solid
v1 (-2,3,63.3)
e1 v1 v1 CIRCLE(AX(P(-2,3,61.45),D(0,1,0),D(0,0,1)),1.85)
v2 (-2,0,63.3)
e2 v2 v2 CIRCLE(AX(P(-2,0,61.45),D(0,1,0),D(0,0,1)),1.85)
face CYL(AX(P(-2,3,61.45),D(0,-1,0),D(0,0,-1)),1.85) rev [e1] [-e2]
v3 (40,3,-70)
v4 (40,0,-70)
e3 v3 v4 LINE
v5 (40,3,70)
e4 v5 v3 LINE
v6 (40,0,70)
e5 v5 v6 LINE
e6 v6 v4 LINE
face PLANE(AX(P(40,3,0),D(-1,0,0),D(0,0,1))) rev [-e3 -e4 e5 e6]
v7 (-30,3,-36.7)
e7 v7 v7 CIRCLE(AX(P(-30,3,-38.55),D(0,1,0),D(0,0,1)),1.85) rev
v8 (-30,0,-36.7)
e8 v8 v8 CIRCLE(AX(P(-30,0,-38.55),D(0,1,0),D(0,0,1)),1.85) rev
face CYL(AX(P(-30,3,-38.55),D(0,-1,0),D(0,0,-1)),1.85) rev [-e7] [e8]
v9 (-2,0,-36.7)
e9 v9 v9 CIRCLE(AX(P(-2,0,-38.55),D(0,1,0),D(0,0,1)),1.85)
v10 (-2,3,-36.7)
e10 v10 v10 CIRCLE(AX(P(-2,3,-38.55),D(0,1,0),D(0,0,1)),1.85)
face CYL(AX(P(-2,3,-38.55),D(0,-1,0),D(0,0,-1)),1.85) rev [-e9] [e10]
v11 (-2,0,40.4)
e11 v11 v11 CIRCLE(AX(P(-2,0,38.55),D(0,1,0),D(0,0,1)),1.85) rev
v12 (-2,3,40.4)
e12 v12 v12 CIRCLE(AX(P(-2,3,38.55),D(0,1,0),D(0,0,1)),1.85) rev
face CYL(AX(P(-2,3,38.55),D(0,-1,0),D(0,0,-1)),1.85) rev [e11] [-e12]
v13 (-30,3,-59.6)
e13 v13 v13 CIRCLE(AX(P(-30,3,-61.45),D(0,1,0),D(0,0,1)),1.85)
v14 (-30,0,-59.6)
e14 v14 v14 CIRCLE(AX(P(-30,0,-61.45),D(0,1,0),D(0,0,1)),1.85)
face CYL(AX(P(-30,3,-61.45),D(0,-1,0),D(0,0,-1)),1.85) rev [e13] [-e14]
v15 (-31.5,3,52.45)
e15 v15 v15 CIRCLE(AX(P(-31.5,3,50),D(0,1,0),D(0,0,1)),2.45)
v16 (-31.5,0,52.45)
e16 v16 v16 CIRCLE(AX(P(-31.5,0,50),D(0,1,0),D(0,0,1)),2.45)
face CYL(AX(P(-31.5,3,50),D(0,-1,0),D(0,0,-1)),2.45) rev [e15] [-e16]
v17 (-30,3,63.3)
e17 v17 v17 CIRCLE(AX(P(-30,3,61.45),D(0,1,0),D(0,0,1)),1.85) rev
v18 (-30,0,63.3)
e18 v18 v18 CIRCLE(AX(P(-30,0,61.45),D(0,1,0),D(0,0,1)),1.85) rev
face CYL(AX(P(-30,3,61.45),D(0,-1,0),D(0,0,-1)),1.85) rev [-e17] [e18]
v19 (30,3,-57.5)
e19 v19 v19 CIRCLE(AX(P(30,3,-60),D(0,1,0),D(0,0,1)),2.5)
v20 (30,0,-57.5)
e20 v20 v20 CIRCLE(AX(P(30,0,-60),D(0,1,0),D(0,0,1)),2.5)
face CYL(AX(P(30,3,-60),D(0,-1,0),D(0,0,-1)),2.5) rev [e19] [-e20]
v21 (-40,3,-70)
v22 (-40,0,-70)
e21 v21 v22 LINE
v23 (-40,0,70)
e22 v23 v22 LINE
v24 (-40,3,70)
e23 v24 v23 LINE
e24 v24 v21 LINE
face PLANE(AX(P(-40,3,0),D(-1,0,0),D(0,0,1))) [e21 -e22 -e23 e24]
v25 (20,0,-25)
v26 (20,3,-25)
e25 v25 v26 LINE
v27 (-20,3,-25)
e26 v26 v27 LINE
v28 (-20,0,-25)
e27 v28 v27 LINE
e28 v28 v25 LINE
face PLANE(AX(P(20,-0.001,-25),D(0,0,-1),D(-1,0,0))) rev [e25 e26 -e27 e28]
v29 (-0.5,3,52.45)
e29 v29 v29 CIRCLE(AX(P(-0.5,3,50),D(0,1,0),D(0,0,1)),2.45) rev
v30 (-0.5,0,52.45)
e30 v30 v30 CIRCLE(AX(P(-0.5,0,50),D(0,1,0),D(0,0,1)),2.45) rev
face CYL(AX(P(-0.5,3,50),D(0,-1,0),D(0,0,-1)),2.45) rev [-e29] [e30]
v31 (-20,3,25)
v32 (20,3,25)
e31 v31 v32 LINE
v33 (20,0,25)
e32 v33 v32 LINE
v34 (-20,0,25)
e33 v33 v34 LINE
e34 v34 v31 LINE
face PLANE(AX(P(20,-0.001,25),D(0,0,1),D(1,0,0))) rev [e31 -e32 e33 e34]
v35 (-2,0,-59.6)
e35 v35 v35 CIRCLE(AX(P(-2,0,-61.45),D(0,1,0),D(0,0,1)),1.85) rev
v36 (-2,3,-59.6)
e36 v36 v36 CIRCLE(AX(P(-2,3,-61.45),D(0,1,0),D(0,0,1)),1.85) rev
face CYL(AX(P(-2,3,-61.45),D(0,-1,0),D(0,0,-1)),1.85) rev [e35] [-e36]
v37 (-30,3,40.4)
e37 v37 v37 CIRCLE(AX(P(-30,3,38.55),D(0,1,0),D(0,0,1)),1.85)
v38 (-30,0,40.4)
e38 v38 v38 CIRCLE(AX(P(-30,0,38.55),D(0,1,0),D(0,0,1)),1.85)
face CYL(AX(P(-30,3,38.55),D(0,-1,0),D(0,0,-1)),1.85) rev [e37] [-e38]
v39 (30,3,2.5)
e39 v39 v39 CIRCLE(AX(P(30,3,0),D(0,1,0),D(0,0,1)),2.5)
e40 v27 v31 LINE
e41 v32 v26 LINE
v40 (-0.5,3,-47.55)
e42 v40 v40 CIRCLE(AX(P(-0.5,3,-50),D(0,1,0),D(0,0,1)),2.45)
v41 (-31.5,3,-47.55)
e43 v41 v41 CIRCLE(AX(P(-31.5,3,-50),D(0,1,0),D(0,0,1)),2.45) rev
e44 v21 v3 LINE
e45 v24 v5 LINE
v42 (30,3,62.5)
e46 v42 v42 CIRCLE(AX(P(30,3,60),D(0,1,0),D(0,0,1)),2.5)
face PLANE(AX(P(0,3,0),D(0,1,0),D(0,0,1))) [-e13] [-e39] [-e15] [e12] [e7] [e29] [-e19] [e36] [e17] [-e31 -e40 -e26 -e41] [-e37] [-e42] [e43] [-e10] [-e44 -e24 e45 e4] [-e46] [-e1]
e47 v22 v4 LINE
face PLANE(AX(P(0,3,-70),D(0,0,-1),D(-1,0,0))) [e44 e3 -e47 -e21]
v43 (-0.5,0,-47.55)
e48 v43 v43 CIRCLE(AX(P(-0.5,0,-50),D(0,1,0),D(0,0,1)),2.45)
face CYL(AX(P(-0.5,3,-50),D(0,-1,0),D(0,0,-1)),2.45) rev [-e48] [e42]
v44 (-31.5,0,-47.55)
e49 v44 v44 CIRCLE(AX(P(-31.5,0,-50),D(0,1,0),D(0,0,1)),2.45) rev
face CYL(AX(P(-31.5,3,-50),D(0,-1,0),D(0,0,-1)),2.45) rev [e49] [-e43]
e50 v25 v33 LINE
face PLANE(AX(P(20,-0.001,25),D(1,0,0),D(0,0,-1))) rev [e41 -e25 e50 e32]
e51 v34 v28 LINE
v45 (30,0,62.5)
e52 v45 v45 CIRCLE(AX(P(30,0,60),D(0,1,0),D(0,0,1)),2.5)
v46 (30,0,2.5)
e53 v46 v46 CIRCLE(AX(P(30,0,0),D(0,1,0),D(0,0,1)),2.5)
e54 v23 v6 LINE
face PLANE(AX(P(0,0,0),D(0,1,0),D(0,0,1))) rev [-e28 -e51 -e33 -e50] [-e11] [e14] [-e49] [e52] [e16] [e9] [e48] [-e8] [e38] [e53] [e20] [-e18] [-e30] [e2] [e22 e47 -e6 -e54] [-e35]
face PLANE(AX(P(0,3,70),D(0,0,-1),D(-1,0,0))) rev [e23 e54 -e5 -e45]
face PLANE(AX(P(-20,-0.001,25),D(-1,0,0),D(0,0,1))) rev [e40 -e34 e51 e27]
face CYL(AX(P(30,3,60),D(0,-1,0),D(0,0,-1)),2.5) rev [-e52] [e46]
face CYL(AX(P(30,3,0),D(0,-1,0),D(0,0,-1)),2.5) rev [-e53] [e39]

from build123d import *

# Parameters (mm, degrees)
SKETCH_1_R          = 2.5
SKETCH_1_R_2        = 2.45
SKETCH_1_R_3        = 1.85
SKETCH_1_W          = 48
SKETCH_1_H          = 40
EXTRUDE_1_DEPTH     = 3
CUT_EXTRUDE_1_REACH = 82.678
SKETCH_2_W          = 40
SKETCH_2_H          = 50


with BuildPart() as part:
    # 草图1 → 凸台-拉伸1 (new body)
    # profile 1 of 5: a face of its own
    with BuildSketch(Plane(origin=(0, 0, 0), x_dir=(1, 0, 0), z_dir=(0, 1, 0))):
        with BuildLine():
            Line((8, -30), (8, -70))
            Line((8, -70), (40, -70))
            Line((40, -70), (40, 60))
            Line((40, 60), (32.5, 60))
            ThreePointArc((32.5, 60), (28.232233047, 58.232233047), (30, 62.5))
            Line((30, 62.5), (30, 70))
            Line((30, 70), (8, 70))
            Line((8, 70), (8, 30))
            Line((8, 30), (-40, 30))
            Line((-40, 30), (-40, -30))
            Line((-40, -30), (8, -30))
        make_face()
        with Locations(Location((30, -60, 0), (0, 0, 270))):
            Circle(SKETCH_1_R, mode=Mode.SUBTRACT)
        with Locations(Location((30, 0, 0), (0, 0, 270))):
            Circle(SKETCH_1_R, mode=Mode.SUBTRACT)
    # profile 2 of 5: a face of its own
    with BuildSketch(Plane(origin=(0, 0, 0), x_dir=(1, 0, 0), z_dir=(0, 1, 0))):
        with BuildLine():
            Line((32.5, 60), (40, 60))
            Line((40, 60), (40, 70))
            Line((40, 70), (30, 70))
            Line((30, 70), (30, 62.5))
            ThreePointArc((30, 62.5), (31.767766953, 61.767766953), (32.5, 60))
        make_face()
    # profile 3 of 5: a face of its own
    with BuildSketch(Plane(origin=(0, 0, 0), x_dir=(1, 0, 0), z_dir=(0, 1, 0))):
        with BuildLine():
            Line((-40, 61.45), (-40, 30))
            Line((-40, 30), (8, 30))
            Line((8, 30), (8, 70))
            Line((8, 70), (-30, 70))
            Line((-30, 70), (-30, 63.3))
            ThreePointArc((-30, 63.3), (-28.691852455, 62.758147545), (-28.15, 61.45))
            ThreePointArc((-28.15, 61.45), (-30, 59.6), (-31.85, 61.45))
            Line((-31.85, 61.45), (-40, 61.45))
        make_face()
        with Locations(Location((-31.5, 50, 0), (0, 0, 270))):
            Circle(SKETCH_1_R_2, mode=Mode.SUBTRACT)
        with Locations(Location((-30, 38.55, 0), (0, 0, 270))):
            Circle(SKETCH_1_R_3, mode=Mode.SUBTRACT)
        with Locations(Location((-2, 38.55, 0), (0, 0, 270))):
            Circle(SKETCH_1_R_3, mode=Mode.SUBTRACT)
        with Locations(Location((-0.5, 50, 0), (0, 0, 270))):
            Circle(SKETCH_1_R_2, mode=Mode.SUBTRACT)
        with Locations(Location((-2, 61.45, 0), (0, 0, 270))):
            Circle(SKETCH_1_R_3, mode=Mode.SUBTRACT)
    # profile 4 of 5: a face of its own
    with BuildSketch(Plane(origin=(0, 0, 0), x_dir=(1, 0, 0), z_dir=(0, 1, 0))):
        with BuildLine():
            Line((-40, 70), (-40, 61.45))
            Line((-40, 61.45), (-31.85, 61.45))
            ThreePointArc((-31.85, 61.45), (-31.308147545, 62.758147545), (-30, 63.3))
            Line((-30, 63.3), (-30, 70))
            Line((-30, 70), (-40, 70))
        make_face()
    # profile 5 of 5: a face of its own
    with BuildSketch(Plane(origin=(0, 0, 0), x_dir=(1, 0, 0), z_dir=(0, 1, 0))):
        with Locations((-16, -50)):
            Rectangle(SKETCH_1_W, SKETCH_1_H)
        with Locations(Location((-30, -61.45, 0), (0, 0, 270))):
            Circle(SKETCH_1_R_3, mode=Mode.SUBTRACT)
        with Locations(Location((-31.5, -50, 0), (0, 0, 270))):
            Circle(SKETCH_1_R_2, mode=Mode.SUBTRACT)
        with Locations(Location((-30, -38.55, 0), (0, 0, 270))):
            Circle(SKETCH_1_R_3, mode=Mode.SUBTRACT)
        with Locations(Location((-2, -61.45, 0), (0, 0, 270))):
            Circle(SKETCH_1_R_3, mode=Mode.SUBTRACT)
        with Locations(Location((-0.5, -50, 0), (0, 0, 270))):
            Circle(SKETCH_1_R_2, mode=Mode.SUBTRACT)
        with Locations(Location((-2, -38.55, 0), (0, 0, 270))):
            Circle(SKETCH_1_R_3, mode=Mode.SUBTRACT)
    extrude(amount=EXTRUDE_1_DEPTH)

    # 草图2 → 切除-拉伸1 (cut, up to next)
    with BuildSketch(Plane(origin=(0, 3, 0), x_dir=(1, 0, 0), z_dir=(0, 1, 0)), mode=Mode.PRIVATE) as cut_extrude_1_sk1:
        Rectangle(SKETCH_2_W, SKETCH_2_H)
    cut_extrude_1_tool1 = extrude(cut_extrude_1_sk1.sketch, amount=-CUT_EXTRUDE_1_REACH, mode=Mode.PRIVATE) & part.part
    add(cut_extrude_1_tool1.solids().sort_by_distance((0, 3, 0))[0], mode=Mode.SUBTRACT)


solid = part.part
